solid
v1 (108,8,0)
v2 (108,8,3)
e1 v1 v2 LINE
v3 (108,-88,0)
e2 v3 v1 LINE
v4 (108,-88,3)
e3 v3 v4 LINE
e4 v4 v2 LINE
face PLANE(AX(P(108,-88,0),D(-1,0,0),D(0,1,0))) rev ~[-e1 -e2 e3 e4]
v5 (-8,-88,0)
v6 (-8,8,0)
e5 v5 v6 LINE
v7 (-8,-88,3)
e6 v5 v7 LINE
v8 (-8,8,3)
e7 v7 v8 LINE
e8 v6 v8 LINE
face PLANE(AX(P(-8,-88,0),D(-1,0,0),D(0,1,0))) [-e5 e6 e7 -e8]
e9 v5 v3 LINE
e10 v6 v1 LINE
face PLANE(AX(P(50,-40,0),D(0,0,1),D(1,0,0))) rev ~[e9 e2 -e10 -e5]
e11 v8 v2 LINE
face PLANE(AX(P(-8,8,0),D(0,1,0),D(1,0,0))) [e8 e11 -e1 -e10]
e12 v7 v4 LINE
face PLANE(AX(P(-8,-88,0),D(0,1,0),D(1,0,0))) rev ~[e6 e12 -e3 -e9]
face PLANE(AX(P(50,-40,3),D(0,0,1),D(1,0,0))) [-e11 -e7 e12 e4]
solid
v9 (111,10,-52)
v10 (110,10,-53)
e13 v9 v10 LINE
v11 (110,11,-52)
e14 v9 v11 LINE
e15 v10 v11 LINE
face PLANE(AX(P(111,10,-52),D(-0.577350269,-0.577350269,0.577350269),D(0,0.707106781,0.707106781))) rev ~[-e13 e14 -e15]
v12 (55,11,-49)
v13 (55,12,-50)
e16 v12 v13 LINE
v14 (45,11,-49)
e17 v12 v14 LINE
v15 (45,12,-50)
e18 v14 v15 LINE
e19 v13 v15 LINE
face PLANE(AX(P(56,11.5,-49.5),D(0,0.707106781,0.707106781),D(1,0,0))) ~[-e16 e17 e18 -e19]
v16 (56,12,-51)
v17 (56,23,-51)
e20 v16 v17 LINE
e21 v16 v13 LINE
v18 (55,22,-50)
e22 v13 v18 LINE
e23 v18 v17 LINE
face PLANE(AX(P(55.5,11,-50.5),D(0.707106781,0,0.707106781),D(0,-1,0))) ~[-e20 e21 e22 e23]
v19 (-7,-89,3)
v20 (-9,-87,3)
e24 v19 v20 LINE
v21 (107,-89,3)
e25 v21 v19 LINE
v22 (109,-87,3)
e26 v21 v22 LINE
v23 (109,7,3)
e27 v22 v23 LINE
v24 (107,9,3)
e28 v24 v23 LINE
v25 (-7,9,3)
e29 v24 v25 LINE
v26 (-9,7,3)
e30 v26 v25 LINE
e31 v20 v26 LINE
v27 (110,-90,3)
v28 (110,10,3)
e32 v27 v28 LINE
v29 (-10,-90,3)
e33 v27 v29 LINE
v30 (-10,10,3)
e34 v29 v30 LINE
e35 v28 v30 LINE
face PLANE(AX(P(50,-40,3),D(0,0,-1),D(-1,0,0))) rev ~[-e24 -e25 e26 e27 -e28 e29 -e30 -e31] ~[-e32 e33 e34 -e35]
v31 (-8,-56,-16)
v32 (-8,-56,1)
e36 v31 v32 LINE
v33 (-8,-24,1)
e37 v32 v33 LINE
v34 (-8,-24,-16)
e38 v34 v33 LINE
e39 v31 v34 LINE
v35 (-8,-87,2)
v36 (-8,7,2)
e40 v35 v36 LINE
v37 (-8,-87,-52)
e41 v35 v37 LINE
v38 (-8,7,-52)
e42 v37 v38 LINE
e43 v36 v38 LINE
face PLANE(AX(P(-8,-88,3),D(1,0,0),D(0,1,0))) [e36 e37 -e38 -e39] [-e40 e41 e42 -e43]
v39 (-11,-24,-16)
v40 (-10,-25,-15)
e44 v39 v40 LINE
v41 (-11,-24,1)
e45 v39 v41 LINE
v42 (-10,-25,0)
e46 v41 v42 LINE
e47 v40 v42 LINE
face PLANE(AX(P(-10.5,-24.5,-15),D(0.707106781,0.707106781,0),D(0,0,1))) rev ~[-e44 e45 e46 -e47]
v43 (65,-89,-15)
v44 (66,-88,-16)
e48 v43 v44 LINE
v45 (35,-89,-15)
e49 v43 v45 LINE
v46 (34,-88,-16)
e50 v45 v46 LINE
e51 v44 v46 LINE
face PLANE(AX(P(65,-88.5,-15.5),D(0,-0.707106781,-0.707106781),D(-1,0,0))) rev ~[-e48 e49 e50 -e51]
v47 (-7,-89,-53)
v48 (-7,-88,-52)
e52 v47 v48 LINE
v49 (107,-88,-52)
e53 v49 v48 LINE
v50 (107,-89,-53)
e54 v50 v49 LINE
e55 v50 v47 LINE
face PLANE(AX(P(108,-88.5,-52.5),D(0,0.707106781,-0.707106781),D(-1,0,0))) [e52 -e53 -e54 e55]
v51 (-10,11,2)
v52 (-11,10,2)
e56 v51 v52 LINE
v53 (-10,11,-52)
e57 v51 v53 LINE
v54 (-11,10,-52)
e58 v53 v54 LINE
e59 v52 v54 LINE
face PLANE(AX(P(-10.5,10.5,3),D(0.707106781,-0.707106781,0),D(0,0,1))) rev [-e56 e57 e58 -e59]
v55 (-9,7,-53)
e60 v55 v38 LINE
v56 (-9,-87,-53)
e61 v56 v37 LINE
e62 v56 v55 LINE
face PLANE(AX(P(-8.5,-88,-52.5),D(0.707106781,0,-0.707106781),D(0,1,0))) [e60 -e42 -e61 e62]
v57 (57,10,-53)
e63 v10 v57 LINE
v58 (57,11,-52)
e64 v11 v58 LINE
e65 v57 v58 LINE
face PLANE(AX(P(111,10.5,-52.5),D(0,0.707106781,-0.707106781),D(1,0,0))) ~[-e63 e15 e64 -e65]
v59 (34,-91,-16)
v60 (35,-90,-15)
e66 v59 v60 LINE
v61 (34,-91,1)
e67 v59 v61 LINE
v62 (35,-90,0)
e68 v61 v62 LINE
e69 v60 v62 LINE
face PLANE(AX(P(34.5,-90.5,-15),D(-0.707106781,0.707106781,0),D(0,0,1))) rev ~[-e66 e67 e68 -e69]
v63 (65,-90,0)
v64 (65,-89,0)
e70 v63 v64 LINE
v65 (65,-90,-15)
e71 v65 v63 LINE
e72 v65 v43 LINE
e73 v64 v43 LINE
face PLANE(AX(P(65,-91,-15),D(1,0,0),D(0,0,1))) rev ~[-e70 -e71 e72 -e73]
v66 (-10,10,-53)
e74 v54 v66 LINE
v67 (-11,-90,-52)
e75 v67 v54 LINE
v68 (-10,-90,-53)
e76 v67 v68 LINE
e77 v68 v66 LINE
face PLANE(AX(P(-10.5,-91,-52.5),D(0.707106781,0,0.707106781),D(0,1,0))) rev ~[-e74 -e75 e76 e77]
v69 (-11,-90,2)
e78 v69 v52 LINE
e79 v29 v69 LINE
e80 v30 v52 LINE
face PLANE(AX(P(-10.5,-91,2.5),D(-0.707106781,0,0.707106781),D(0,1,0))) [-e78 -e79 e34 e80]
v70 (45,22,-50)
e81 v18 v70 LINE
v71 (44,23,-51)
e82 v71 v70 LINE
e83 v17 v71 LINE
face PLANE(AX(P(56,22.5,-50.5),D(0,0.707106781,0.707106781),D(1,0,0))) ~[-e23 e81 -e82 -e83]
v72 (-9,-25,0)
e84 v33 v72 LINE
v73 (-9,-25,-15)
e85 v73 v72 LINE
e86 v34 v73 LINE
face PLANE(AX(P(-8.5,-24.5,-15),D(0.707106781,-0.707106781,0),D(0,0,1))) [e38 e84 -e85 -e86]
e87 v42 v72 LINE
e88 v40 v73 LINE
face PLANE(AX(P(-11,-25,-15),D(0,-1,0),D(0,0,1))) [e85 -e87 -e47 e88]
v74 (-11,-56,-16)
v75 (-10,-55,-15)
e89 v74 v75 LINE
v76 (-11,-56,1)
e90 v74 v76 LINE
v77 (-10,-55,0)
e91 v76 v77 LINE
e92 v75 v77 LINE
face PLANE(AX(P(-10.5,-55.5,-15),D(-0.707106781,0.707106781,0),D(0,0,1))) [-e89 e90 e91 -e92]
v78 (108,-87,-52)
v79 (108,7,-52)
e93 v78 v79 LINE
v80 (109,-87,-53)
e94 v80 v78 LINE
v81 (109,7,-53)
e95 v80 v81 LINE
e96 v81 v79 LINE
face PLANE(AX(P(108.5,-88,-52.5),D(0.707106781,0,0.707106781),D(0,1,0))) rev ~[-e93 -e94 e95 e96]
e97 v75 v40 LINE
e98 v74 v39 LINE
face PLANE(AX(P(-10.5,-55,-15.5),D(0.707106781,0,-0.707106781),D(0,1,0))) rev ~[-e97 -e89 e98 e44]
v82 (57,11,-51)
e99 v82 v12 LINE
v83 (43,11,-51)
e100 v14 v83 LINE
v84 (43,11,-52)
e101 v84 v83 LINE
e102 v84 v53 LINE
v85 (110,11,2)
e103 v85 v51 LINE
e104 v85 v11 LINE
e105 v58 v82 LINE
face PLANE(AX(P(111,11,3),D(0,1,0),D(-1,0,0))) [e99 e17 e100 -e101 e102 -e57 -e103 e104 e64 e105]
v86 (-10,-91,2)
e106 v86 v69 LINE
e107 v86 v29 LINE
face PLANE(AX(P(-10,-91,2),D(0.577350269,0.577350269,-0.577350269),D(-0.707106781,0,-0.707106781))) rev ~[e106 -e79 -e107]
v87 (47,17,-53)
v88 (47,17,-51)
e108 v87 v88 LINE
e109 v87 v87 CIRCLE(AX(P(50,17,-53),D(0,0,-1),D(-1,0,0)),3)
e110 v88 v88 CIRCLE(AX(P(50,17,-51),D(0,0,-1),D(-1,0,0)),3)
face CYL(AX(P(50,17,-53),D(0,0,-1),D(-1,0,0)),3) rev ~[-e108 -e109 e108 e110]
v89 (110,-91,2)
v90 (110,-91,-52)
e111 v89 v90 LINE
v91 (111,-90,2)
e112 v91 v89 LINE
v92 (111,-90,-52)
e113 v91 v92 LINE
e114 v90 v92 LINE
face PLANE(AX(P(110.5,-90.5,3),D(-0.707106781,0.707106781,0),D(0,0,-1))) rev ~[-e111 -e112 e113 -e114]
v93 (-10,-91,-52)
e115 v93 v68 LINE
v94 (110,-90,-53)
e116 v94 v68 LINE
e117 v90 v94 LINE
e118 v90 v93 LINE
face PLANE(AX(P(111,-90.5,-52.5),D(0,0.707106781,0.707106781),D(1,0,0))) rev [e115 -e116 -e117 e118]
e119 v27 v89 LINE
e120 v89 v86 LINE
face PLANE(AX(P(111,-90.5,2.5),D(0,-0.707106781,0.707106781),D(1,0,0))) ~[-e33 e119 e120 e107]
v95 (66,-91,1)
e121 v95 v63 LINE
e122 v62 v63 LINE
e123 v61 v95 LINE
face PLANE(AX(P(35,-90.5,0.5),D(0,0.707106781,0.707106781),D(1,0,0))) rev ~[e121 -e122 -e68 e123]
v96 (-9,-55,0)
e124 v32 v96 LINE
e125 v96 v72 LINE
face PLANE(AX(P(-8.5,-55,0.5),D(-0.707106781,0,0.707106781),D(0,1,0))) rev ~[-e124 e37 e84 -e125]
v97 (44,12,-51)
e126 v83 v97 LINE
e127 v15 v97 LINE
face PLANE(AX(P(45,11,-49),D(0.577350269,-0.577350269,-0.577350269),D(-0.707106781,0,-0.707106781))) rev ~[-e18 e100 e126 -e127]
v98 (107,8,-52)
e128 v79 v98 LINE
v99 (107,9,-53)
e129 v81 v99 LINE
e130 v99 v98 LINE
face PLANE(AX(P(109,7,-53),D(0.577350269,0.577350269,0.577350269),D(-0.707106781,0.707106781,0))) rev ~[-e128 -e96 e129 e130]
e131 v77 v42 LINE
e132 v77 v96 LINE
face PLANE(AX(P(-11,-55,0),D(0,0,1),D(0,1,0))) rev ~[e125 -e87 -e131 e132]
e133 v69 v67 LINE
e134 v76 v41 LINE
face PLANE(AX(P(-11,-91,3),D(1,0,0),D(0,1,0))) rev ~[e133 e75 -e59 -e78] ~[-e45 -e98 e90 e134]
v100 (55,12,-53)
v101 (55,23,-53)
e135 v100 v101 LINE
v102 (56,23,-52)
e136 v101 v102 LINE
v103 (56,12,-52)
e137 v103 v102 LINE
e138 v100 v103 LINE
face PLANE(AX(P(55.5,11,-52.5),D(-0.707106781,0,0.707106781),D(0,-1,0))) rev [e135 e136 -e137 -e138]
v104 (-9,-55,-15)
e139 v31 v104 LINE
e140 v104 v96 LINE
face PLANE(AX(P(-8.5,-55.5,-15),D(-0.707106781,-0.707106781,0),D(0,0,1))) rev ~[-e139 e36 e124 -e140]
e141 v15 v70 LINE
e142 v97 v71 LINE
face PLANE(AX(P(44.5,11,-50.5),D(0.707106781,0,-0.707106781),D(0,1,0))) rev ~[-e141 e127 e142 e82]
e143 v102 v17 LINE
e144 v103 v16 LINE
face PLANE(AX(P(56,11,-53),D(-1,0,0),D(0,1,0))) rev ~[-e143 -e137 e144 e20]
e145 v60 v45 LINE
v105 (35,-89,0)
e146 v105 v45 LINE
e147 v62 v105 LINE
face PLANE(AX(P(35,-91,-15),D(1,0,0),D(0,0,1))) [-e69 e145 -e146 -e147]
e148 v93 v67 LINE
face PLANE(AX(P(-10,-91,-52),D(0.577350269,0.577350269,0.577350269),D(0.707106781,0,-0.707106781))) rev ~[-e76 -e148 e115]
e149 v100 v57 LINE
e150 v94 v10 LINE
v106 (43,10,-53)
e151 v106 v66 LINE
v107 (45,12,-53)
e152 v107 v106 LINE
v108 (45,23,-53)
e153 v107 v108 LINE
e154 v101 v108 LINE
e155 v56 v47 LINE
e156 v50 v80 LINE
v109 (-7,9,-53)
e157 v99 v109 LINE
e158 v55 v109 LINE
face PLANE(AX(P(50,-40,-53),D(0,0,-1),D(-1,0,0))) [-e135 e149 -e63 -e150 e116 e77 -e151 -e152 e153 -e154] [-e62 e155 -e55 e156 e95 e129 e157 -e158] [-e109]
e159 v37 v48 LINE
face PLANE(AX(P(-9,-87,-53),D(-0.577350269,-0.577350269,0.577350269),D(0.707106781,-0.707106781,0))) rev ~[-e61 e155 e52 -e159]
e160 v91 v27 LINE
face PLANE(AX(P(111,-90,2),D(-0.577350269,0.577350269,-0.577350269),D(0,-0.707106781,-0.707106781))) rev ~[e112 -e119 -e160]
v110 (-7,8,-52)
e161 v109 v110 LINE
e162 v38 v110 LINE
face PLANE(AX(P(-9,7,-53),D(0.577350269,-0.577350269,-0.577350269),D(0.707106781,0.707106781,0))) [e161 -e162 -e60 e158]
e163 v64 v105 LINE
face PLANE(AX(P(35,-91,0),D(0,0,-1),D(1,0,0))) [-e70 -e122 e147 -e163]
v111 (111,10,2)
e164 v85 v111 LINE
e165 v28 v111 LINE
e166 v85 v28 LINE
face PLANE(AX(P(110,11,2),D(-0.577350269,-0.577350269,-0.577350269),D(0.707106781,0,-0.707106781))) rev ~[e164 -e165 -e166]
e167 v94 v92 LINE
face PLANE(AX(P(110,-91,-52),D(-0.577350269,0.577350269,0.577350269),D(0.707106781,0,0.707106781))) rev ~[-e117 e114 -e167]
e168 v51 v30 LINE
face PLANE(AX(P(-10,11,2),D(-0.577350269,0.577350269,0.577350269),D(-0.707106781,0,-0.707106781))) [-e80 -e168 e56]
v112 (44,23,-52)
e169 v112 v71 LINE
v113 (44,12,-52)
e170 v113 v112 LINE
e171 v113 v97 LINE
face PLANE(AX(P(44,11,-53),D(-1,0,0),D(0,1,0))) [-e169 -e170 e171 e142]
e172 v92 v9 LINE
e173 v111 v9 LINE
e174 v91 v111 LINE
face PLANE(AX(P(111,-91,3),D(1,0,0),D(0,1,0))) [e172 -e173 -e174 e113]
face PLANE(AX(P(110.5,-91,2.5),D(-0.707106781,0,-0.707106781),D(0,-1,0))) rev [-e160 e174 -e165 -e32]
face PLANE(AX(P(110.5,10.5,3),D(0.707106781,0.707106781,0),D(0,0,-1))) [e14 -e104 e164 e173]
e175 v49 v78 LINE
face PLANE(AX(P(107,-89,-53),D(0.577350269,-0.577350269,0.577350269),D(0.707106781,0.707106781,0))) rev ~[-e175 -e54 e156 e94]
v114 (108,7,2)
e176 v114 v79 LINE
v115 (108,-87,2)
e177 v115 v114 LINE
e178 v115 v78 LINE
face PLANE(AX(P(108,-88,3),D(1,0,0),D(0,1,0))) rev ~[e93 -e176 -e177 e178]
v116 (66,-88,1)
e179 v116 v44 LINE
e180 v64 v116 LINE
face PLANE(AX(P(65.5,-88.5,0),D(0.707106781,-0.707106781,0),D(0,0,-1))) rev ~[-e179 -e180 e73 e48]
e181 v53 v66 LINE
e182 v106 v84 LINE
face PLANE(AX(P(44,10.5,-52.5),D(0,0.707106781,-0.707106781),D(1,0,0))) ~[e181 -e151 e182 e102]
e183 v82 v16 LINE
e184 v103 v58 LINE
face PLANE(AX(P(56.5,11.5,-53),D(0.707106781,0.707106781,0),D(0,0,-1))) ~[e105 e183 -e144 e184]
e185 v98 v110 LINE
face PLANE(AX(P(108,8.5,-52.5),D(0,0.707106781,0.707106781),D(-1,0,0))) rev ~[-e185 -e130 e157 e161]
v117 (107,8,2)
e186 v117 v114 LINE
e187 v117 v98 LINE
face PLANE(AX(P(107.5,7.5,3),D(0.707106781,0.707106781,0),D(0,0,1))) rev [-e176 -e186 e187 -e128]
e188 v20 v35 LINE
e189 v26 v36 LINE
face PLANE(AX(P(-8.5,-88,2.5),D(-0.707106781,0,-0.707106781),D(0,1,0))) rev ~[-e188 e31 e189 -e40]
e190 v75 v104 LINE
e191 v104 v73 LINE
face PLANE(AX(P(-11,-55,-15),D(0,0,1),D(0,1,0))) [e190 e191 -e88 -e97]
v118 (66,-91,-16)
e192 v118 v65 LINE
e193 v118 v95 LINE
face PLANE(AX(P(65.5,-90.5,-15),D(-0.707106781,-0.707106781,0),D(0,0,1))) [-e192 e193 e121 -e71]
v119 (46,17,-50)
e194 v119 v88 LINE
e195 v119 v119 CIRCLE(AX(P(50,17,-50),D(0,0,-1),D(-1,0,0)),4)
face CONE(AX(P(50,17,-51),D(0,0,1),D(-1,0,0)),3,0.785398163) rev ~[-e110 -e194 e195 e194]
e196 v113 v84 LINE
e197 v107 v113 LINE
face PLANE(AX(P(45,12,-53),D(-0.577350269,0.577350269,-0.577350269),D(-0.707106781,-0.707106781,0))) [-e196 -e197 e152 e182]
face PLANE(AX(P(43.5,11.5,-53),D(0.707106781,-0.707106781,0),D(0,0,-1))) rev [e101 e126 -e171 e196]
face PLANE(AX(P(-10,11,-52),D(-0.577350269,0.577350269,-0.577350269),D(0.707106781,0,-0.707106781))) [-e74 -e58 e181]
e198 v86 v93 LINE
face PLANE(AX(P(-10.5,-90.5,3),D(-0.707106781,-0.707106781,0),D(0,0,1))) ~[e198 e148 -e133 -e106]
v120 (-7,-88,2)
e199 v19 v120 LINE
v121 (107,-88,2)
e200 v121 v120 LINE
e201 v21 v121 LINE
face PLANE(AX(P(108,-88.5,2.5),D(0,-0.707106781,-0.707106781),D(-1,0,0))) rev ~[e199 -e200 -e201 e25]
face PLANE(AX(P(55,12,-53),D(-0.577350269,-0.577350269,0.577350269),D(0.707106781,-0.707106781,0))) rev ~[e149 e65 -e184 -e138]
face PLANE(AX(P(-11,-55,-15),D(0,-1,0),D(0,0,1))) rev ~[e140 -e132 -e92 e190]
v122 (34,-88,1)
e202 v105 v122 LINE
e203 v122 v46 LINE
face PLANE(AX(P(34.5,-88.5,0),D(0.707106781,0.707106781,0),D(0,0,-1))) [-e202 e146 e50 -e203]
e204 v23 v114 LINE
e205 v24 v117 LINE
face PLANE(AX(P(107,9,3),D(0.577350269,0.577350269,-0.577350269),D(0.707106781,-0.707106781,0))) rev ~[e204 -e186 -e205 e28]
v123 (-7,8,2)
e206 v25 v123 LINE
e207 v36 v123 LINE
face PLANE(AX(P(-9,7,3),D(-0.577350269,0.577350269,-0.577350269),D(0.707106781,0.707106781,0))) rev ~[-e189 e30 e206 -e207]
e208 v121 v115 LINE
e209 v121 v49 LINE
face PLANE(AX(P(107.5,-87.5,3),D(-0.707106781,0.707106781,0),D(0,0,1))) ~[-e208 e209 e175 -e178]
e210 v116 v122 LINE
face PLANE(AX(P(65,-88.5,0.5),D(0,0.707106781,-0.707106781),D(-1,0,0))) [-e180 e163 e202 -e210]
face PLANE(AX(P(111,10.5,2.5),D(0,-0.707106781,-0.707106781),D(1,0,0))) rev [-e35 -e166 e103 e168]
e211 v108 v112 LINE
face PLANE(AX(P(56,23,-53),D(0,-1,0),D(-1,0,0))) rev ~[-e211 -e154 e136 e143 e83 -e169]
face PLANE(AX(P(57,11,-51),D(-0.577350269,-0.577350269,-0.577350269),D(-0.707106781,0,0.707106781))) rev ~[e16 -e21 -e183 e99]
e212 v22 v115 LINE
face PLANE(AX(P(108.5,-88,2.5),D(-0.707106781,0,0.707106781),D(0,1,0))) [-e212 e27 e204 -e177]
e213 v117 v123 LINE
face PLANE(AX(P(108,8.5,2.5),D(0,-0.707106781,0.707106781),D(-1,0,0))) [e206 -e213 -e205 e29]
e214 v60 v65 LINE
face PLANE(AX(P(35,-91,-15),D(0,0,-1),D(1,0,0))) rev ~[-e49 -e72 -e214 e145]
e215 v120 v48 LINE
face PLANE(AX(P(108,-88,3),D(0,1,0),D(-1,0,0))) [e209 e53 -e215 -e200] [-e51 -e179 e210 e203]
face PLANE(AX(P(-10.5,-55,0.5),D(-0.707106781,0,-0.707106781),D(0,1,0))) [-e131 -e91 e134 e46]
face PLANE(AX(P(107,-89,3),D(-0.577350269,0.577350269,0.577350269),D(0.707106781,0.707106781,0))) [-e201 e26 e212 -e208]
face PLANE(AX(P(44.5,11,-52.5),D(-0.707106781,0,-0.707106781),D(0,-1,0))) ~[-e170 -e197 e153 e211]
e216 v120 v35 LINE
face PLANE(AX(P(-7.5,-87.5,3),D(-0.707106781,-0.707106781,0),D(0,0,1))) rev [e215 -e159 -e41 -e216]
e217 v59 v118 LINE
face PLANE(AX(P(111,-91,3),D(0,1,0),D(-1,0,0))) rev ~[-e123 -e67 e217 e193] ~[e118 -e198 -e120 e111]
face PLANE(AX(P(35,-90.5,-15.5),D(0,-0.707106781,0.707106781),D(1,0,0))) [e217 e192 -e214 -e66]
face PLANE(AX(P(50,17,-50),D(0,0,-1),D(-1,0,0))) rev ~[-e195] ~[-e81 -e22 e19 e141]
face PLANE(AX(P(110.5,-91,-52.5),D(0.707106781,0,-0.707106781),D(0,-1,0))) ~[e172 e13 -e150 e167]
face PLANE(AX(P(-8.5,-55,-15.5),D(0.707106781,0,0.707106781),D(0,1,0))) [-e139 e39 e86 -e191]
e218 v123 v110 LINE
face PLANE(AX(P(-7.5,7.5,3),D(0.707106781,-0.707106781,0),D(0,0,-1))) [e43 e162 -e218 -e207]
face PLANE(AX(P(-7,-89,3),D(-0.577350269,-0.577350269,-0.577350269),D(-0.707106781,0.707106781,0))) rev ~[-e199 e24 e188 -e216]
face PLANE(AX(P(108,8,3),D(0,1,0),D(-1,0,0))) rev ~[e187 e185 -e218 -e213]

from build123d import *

# Parameters (mm, degrees)
SKETCH_1_W          = 116
SKETCH_1_H          = 96
EXTRUDE_1_DEPTH     = 3
EXTRUDE_START       = -3
SKETCH_2_W          = 122
SKETCH_2_H          = 102
SKETCH_2_W_2        = 116
SKETCH_2_H_2        = 96
EXTRUDE_2_DEPTH     = 56
SKETCH_3_W          = 30
SKETCH_3_H          = 15
CUT_EXTRUDE_1_DEPTH = 8
SKETCH_4_W          = 15
SKETCH_4_H          = 30
CUT_EXTRUDE_2_DEPTH = 3
SKETCH_5_W          = 12
SKETCH_5_H          = 12
SKETCH_5_R          = 3
EXTRUDE_6_DEPTH     = 3
CHAMFER_3_SIZE      = 1


with BuildPart() as part:
    # 草图1 → 凸台-拉伸1 (new body)
    with BuildSketch(Plane.XY):
        with Locations((50, -40)):
            Rectangle(SKETCH_1_W, SKETCH_1_H)
    extrude(amount=EXTRUDE_1_DEPTH)


with BuildPart() as body_2:
    # 草图2 → 凸台-拉伸2 (new body)
    with BuildSketch(Plane(origin=(0, 0, 0), x_dir=(-1, 0, 0), z_dir=(0, 0, -1)).offset(EXTRUDE_START)):
        with Locations((-50, -40)):
            Rectangle(SKETCH_2_W, SKETCH_2_H)
        with Locations((-50, -40)):
            Rectangle(SKETCH_2_W_2, SKETCH_2_H_2, mode=Mode.SUBTRACT)
    extrude(amount=EXTRUDE_2_DEPTH)

    # 草图3 → 切除-拉伸1 (cut)
    with BuildSketch(Plane.XZ.offset(91)):
        with Locations((50, -7.5)):
            Rectangle(SKETCH_3_W, SKETCH_3_H)
    extrude(amount=-CUT_EXTRUDE_1_DEPTH, mode=Mode.SUBTRACT)

    # 草图4 → 切除-拉伸2 (cut)
    with BuildSketch(Plane.ZY.offset(11)):
        with Locations((-7.5, -40)):
            Rectangle(SKETCH_4_W, SKETCH_4_H)
    extrude(amount=-CUT_EXTRUDE_2_DEPTH, mode=Mode.SUBTRACT)

    # 草图5 → 凸台-拉伸6 (add)
    with BuildSketch(Plane(origin=(0, 0, -53), x_dir=(-1, 0, 0), z_dir=(0, 0, -1))):
        with Locations((-50, 17)):
            Rectangle(SKETCH_5_W, SKETCH_5_H)
        with Locations((-50, 17)):
            Circle(SKETCH_5_R, mode=Mode.SUBTRACT)
    extrude(amount=-EXTRUDE_6_DEPTH)

    # 倒角3
    chamfer_3_edges = [body_2.edges().sort_by_distance(p)[0] for p in [
        (-11, -40, 3),
        (50, -91, 3),
        (111, -40, 3),
        (50, 11, 3),
        (-11, -40, -53),
        (50, -88, 3),
        (-11, -91, -25),
        (-8, -40, 3),
        (50, 8, 3),
        (108, -40, 3),
        (83.5, 11, -53),
        (-11, 11, -25),
        (111, -40, -53),
        (111, 11, -25),
        (50, -91, -53),
        (111, -91, -25),
        (50, -88, -15),
        (65, -88, -7.5),
        (-8, 8, -25),
        (50, -88, 0),
        (35, -88, -7.5),
        (108, 8, -25),
        (108, -88, -25),
        (-8, -88, -25),
        (-8, -40, -53),
        (50, -88, -53),
        (35, -91, -7.5),
        (50, -91, -15),
        (108, -40, -53),
        (65, -91, -7.5),
        (50, -91, 0),
        (50, 8, -53),
        (-8, -40, 0),
        (-8, -55, -7.5),
        (-8, -40, -15),
        (-8, -25, -7.5),
        (-11, -40, 0),
        (-11, -25, -7.5),
        (-11, -40, -15),
        (-11, -55, -7.5),
        (16.5, 11, -53),
        (44, 17, -50),
        (50, 11, -50),
        (44, 11, -51.5),
        (56, 17, -50),
        (56, 11, -51.5),
        (50, 23, -50),
        (53, 17, -50),
        (44, 17, -53),
        (56, 17, -53),
    ]]
    chamfer(chamfer_3_edges, length=CHAMFER_3_SIZE)


solid = Compound([part.part, body_2.part])
